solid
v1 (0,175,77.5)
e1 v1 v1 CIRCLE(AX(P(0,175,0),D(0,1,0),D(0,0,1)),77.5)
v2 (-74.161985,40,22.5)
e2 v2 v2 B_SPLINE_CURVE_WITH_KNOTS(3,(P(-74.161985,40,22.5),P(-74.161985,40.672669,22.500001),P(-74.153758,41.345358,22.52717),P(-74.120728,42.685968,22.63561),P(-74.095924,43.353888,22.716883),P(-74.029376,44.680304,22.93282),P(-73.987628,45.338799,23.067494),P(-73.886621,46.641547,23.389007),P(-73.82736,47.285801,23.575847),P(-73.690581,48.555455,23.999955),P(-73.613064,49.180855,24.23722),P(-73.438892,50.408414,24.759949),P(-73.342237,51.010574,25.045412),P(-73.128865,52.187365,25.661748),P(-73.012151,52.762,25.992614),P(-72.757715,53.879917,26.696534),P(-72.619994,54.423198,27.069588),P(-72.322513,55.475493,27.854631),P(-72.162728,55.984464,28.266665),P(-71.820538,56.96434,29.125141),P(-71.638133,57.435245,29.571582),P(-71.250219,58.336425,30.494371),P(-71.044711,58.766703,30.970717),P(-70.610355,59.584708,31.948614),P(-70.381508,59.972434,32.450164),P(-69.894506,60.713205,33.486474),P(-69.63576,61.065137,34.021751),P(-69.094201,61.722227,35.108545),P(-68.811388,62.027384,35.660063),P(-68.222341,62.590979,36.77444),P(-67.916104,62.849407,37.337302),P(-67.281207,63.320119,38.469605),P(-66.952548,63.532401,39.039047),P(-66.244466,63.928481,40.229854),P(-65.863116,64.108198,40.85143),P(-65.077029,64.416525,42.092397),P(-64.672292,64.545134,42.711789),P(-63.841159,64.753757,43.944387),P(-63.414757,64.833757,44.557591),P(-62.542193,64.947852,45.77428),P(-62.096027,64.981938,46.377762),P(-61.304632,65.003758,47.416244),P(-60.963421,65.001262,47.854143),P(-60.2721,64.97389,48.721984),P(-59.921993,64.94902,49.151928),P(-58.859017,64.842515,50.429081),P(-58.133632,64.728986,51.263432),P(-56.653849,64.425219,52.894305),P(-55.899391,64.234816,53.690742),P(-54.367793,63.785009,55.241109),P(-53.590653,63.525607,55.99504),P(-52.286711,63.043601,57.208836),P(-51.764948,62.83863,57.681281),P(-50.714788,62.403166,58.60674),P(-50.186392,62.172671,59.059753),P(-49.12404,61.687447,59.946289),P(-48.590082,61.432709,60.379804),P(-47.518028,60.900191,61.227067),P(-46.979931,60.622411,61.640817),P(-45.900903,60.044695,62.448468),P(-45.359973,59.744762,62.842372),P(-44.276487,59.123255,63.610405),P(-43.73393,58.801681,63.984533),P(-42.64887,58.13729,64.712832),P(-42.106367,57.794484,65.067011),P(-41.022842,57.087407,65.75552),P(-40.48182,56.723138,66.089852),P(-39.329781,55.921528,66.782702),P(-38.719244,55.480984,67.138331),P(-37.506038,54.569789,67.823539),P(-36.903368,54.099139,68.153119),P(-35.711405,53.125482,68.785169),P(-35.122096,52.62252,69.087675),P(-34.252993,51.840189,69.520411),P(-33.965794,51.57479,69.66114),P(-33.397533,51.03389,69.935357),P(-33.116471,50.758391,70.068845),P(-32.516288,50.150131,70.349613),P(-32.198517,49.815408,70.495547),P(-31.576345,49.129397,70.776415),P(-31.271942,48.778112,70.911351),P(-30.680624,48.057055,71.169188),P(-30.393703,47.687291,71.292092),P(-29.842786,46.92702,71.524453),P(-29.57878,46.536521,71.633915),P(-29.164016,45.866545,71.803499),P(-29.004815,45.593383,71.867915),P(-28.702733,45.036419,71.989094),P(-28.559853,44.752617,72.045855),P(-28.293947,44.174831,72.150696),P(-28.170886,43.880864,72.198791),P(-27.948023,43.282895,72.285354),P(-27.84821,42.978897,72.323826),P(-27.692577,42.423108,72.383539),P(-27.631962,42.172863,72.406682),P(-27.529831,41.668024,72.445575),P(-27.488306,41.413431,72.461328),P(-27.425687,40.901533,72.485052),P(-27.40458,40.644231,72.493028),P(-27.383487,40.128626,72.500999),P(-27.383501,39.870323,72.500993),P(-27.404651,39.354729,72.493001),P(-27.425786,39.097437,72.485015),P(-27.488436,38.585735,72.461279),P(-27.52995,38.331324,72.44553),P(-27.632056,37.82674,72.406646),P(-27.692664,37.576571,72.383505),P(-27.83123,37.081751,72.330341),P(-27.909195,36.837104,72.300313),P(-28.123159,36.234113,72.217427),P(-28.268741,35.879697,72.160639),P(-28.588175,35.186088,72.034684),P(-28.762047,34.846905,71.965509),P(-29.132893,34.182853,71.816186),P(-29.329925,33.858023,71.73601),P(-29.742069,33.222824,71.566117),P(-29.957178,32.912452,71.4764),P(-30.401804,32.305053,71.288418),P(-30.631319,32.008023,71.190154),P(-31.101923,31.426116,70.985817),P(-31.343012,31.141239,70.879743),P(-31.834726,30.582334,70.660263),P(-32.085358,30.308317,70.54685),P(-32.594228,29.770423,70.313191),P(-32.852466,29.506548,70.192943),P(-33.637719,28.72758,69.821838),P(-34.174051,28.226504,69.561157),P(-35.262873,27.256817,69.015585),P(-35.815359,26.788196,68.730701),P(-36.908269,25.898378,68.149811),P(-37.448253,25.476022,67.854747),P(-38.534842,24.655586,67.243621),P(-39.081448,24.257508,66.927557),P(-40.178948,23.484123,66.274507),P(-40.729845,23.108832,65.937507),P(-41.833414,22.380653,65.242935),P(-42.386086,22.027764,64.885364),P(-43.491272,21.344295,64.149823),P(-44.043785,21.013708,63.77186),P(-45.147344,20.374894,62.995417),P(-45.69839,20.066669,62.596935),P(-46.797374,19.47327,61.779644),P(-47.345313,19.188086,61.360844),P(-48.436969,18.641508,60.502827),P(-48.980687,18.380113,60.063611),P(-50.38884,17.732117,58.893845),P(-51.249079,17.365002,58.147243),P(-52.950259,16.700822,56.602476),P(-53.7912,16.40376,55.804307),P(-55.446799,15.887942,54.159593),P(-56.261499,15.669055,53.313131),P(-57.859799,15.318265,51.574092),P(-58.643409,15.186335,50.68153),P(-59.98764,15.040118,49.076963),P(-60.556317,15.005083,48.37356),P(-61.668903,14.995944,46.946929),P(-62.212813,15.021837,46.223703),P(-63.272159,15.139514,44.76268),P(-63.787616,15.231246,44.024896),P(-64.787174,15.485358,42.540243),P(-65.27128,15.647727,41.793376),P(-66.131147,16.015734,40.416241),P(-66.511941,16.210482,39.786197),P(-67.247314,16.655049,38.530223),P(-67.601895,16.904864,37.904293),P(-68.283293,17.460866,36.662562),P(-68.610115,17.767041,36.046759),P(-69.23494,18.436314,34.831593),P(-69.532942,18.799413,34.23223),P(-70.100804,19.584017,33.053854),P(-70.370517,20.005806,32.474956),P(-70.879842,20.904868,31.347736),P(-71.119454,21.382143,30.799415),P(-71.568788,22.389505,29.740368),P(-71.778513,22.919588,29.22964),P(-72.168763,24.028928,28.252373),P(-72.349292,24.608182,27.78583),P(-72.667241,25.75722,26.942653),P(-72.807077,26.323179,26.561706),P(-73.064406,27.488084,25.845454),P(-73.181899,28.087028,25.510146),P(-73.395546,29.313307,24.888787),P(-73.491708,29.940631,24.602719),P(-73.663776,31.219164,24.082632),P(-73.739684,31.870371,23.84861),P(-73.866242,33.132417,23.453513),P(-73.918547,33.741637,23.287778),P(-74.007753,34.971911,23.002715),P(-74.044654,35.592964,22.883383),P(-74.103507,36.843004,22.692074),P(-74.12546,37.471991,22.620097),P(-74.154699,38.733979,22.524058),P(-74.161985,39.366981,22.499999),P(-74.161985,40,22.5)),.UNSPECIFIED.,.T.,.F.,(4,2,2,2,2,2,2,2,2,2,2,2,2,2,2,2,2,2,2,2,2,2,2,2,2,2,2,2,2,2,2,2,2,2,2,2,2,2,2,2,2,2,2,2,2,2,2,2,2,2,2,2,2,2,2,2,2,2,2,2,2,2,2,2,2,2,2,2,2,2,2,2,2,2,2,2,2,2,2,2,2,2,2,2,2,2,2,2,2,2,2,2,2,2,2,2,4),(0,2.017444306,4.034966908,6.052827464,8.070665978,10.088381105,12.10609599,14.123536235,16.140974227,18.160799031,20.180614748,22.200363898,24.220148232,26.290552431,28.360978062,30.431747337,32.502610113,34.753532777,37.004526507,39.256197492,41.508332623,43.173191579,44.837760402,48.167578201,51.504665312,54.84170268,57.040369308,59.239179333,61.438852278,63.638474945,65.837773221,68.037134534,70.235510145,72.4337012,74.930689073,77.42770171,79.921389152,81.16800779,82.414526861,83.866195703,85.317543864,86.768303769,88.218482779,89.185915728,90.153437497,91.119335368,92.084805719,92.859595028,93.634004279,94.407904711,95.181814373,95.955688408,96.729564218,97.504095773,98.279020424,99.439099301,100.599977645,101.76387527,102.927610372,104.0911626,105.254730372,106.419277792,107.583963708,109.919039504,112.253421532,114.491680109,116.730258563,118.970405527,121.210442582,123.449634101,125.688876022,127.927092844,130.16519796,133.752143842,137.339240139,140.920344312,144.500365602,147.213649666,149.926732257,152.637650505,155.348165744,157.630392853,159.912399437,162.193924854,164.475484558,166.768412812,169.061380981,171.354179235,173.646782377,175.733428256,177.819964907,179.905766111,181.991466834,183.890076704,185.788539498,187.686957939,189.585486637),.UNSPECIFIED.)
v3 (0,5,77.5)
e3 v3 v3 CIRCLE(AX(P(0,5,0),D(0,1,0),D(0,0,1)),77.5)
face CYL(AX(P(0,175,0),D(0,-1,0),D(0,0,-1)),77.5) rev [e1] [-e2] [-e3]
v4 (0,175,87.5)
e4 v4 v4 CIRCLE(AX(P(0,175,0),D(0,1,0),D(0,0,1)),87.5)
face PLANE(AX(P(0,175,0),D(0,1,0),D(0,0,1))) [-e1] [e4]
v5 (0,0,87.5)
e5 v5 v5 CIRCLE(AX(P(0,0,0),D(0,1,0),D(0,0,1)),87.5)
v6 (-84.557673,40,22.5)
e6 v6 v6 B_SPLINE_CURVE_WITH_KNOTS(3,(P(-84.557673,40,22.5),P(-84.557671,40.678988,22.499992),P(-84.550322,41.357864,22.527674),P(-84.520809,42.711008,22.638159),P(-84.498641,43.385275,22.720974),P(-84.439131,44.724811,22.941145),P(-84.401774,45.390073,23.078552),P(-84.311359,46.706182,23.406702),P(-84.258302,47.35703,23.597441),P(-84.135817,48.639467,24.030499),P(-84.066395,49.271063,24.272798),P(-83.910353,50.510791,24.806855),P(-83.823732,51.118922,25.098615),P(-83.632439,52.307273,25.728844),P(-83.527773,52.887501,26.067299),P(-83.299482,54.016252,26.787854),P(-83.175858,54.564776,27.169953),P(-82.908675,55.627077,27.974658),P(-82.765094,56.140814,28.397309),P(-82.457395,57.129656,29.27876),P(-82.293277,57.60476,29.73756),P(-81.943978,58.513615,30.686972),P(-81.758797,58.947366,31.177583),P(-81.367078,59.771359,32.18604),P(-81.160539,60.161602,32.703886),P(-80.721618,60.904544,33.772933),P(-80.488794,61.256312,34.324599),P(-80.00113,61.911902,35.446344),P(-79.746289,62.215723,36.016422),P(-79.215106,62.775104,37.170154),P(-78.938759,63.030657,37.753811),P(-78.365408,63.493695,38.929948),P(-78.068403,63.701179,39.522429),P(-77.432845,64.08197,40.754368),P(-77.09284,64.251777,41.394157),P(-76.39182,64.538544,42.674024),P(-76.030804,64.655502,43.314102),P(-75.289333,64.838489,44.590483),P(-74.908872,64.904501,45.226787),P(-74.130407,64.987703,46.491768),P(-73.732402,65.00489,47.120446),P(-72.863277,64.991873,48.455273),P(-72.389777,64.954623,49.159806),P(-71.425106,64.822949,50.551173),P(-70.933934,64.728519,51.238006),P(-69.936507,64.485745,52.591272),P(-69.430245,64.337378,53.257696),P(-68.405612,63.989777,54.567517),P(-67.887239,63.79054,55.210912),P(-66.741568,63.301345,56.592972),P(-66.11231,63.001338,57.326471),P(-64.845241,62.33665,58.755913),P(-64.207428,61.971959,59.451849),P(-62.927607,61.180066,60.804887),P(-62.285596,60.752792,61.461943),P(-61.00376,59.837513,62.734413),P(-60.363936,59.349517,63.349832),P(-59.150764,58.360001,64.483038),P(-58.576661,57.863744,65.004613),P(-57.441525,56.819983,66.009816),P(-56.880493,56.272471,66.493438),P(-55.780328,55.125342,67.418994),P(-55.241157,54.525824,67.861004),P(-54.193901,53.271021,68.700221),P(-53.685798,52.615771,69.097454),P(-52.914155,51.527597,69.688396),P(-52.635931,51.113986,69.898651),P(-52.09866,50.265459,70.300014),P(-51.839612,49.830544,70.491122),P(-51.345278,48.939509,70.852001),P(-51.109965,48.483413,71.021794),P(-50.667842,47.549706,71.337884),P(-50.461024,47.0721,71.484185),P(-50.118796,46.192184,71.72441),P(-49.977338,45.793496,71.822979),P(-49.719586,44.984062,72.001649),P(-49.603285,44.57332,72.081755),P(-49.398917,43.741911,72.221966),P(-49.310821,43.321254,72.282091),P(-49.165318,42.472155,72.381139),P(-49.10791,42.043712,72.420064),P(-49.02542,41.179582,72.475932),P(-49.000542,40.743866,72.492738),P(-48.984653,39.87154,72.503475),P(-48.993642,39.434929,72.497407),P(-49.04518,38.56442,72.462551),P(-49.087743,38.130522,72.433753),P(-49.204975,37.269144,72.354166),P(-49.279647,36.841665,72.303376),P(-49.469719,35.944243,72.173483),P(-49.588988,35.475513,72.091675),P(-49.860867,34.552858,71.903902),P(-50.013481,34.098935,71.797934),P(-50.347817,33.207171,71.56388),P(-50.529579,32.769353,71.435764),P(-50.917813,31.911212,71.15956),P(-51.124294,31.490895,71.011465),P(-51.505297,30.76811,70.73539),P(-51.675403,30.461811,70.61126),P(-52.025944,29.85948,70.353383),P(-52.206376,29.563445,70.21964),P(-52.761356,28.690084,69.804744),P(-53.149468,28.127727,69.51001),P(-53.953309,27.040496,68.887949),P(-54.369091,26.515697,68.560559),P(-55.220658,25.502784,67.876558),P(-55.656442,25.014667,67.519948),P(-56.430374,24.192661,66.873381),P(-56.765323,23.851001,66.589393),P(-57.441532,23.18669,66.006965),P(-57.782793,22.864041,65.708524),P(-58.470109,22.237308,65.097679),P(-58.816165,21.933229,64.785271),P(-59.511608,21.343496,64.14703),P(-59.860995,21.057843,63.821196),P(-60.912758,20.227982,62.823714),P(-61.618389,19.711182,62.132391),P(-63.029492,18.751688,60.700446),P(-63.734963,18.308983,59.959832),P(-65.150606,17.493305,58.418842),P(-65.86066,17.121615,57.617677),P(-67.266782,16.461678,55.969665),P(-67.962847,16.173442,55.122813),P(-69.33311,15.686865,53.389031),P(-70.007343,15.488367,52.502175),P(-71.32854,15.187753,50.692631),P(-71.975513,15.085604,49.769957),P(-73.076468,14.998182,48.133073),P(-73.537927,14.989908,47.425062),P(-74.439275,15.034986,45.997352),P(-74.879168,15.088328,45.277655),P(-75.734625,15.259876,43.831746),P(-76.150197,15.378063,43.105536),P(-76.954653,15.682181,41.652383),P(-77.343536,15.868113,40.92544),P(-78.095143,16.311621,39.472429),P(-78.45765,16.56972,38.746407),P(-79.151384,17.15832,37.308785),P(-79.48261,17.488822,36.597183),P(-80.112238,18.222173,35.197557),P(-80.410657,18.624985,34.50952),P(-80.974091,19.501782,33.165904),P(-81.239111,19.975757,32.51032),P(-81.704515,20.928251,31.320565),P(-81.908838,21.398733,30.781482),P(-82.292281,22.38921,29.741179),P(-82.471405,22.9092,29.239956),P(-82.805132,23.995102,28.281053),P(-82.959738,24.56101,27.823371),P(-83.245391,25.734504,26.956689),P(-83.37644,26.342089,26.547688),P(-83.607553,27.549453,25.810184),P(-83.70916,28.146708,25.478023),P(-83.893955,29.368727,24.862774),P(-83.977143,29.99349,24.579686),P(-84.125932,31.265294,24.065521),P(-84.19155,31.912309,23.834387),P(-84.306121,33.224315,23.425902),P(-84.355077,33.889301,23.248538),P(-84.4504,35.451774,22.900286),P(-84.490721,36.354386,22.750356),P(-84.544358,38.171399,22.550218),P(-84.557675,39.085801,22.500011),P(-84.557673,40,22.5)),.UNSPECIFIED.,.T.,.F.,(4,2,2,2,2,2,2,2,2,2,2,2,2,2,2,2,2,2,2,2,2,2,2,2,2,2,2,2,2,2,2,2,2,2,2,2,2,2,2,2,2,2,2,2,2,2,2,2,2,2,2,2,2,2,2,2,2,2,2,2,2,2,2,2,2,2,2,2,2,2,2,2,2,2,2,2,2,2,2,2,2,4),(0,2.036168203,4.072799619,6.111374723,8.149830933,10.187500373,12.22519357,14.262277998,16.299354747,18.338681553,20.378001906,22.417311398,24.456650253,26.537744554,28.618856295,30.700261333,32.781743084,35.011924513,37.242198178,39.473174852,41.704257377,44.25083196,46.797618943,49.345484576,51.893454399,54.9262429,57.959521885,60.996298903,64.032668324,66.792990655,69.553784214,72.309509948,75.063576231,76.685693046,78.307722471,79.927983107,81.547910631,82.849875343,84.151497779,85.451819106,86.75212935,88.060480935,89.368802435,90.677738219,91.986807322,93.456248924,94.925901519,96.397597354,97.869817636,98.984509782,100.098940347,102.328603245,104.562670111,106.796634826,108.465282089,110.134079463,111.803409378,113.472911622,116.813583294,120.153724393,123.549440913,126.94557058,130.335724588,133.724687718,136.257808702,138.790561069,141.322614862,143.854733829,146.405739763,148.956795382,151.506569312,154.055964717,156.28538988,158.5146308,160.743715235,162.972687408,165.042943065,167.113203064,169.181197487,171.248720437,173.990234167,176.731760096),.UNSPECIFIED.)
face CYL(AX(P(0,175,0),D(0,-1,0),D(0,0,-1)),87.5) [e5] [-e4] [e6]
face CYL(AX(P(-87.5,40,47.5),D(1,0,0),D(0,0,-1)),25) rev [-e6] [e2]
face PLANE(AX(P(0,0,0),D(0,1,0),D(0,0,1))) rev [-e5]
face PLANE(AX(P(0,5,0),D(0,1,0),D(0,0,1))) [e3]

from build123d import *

# Parameters (mm, degrees)
SKETCH3_R           = 87.5
SKETCH3_R_2         = 77.5
BOSS_EXTRUDE1_DEPTH = 175
SKETCH3_2_R         = 77.5
BOSS_EXTRUDE2_DEPTH = 5
SKETCH4_R           = 25
CUT_EXTRUDE1_DEPTH  = 215.330352494


with BuildPart() as part:
    # Sketch3 → Boss-Extrude1 (new body)
    with BuildSketch(Plane(origin=(0, 0, 0), x_dir=(1, 0, 0), z_dir=(0, 1, 0))):
        Circle(SKETCH3_R)
        Circle(SKETCH3_R_2, mode=Mode.SUBTRACT)
    extrude(amount=BOSS_EXTRUDE1_DEPTH)

    # Sketch3<2> → Boss-Extrude2 (add)
    with BuildSketch(Plane(origin=(0, 0, 0), x_dir=(1, 0, 0), z_dir=(0, 1, 0))):
        Circle(SKETCH3_2_R)
    extrude(amount=BOSS_EXTRUDE2_DEPTH)

    # Sketch4 → Cut-Extrude1 (cut, through all)
    with BuildSketch(Plane(origin=(0, 0, 0), x_dir=(0, 0, -1), z_dir=(1, 0, 0))):
        with Locations((-47.5, 40)):
            Circle(SKETCH4_R)
    extrude(amount=-CUT_EXTRUDE1_DEPTH, mode=Mode.SUBTRACT)


solid = part.part
